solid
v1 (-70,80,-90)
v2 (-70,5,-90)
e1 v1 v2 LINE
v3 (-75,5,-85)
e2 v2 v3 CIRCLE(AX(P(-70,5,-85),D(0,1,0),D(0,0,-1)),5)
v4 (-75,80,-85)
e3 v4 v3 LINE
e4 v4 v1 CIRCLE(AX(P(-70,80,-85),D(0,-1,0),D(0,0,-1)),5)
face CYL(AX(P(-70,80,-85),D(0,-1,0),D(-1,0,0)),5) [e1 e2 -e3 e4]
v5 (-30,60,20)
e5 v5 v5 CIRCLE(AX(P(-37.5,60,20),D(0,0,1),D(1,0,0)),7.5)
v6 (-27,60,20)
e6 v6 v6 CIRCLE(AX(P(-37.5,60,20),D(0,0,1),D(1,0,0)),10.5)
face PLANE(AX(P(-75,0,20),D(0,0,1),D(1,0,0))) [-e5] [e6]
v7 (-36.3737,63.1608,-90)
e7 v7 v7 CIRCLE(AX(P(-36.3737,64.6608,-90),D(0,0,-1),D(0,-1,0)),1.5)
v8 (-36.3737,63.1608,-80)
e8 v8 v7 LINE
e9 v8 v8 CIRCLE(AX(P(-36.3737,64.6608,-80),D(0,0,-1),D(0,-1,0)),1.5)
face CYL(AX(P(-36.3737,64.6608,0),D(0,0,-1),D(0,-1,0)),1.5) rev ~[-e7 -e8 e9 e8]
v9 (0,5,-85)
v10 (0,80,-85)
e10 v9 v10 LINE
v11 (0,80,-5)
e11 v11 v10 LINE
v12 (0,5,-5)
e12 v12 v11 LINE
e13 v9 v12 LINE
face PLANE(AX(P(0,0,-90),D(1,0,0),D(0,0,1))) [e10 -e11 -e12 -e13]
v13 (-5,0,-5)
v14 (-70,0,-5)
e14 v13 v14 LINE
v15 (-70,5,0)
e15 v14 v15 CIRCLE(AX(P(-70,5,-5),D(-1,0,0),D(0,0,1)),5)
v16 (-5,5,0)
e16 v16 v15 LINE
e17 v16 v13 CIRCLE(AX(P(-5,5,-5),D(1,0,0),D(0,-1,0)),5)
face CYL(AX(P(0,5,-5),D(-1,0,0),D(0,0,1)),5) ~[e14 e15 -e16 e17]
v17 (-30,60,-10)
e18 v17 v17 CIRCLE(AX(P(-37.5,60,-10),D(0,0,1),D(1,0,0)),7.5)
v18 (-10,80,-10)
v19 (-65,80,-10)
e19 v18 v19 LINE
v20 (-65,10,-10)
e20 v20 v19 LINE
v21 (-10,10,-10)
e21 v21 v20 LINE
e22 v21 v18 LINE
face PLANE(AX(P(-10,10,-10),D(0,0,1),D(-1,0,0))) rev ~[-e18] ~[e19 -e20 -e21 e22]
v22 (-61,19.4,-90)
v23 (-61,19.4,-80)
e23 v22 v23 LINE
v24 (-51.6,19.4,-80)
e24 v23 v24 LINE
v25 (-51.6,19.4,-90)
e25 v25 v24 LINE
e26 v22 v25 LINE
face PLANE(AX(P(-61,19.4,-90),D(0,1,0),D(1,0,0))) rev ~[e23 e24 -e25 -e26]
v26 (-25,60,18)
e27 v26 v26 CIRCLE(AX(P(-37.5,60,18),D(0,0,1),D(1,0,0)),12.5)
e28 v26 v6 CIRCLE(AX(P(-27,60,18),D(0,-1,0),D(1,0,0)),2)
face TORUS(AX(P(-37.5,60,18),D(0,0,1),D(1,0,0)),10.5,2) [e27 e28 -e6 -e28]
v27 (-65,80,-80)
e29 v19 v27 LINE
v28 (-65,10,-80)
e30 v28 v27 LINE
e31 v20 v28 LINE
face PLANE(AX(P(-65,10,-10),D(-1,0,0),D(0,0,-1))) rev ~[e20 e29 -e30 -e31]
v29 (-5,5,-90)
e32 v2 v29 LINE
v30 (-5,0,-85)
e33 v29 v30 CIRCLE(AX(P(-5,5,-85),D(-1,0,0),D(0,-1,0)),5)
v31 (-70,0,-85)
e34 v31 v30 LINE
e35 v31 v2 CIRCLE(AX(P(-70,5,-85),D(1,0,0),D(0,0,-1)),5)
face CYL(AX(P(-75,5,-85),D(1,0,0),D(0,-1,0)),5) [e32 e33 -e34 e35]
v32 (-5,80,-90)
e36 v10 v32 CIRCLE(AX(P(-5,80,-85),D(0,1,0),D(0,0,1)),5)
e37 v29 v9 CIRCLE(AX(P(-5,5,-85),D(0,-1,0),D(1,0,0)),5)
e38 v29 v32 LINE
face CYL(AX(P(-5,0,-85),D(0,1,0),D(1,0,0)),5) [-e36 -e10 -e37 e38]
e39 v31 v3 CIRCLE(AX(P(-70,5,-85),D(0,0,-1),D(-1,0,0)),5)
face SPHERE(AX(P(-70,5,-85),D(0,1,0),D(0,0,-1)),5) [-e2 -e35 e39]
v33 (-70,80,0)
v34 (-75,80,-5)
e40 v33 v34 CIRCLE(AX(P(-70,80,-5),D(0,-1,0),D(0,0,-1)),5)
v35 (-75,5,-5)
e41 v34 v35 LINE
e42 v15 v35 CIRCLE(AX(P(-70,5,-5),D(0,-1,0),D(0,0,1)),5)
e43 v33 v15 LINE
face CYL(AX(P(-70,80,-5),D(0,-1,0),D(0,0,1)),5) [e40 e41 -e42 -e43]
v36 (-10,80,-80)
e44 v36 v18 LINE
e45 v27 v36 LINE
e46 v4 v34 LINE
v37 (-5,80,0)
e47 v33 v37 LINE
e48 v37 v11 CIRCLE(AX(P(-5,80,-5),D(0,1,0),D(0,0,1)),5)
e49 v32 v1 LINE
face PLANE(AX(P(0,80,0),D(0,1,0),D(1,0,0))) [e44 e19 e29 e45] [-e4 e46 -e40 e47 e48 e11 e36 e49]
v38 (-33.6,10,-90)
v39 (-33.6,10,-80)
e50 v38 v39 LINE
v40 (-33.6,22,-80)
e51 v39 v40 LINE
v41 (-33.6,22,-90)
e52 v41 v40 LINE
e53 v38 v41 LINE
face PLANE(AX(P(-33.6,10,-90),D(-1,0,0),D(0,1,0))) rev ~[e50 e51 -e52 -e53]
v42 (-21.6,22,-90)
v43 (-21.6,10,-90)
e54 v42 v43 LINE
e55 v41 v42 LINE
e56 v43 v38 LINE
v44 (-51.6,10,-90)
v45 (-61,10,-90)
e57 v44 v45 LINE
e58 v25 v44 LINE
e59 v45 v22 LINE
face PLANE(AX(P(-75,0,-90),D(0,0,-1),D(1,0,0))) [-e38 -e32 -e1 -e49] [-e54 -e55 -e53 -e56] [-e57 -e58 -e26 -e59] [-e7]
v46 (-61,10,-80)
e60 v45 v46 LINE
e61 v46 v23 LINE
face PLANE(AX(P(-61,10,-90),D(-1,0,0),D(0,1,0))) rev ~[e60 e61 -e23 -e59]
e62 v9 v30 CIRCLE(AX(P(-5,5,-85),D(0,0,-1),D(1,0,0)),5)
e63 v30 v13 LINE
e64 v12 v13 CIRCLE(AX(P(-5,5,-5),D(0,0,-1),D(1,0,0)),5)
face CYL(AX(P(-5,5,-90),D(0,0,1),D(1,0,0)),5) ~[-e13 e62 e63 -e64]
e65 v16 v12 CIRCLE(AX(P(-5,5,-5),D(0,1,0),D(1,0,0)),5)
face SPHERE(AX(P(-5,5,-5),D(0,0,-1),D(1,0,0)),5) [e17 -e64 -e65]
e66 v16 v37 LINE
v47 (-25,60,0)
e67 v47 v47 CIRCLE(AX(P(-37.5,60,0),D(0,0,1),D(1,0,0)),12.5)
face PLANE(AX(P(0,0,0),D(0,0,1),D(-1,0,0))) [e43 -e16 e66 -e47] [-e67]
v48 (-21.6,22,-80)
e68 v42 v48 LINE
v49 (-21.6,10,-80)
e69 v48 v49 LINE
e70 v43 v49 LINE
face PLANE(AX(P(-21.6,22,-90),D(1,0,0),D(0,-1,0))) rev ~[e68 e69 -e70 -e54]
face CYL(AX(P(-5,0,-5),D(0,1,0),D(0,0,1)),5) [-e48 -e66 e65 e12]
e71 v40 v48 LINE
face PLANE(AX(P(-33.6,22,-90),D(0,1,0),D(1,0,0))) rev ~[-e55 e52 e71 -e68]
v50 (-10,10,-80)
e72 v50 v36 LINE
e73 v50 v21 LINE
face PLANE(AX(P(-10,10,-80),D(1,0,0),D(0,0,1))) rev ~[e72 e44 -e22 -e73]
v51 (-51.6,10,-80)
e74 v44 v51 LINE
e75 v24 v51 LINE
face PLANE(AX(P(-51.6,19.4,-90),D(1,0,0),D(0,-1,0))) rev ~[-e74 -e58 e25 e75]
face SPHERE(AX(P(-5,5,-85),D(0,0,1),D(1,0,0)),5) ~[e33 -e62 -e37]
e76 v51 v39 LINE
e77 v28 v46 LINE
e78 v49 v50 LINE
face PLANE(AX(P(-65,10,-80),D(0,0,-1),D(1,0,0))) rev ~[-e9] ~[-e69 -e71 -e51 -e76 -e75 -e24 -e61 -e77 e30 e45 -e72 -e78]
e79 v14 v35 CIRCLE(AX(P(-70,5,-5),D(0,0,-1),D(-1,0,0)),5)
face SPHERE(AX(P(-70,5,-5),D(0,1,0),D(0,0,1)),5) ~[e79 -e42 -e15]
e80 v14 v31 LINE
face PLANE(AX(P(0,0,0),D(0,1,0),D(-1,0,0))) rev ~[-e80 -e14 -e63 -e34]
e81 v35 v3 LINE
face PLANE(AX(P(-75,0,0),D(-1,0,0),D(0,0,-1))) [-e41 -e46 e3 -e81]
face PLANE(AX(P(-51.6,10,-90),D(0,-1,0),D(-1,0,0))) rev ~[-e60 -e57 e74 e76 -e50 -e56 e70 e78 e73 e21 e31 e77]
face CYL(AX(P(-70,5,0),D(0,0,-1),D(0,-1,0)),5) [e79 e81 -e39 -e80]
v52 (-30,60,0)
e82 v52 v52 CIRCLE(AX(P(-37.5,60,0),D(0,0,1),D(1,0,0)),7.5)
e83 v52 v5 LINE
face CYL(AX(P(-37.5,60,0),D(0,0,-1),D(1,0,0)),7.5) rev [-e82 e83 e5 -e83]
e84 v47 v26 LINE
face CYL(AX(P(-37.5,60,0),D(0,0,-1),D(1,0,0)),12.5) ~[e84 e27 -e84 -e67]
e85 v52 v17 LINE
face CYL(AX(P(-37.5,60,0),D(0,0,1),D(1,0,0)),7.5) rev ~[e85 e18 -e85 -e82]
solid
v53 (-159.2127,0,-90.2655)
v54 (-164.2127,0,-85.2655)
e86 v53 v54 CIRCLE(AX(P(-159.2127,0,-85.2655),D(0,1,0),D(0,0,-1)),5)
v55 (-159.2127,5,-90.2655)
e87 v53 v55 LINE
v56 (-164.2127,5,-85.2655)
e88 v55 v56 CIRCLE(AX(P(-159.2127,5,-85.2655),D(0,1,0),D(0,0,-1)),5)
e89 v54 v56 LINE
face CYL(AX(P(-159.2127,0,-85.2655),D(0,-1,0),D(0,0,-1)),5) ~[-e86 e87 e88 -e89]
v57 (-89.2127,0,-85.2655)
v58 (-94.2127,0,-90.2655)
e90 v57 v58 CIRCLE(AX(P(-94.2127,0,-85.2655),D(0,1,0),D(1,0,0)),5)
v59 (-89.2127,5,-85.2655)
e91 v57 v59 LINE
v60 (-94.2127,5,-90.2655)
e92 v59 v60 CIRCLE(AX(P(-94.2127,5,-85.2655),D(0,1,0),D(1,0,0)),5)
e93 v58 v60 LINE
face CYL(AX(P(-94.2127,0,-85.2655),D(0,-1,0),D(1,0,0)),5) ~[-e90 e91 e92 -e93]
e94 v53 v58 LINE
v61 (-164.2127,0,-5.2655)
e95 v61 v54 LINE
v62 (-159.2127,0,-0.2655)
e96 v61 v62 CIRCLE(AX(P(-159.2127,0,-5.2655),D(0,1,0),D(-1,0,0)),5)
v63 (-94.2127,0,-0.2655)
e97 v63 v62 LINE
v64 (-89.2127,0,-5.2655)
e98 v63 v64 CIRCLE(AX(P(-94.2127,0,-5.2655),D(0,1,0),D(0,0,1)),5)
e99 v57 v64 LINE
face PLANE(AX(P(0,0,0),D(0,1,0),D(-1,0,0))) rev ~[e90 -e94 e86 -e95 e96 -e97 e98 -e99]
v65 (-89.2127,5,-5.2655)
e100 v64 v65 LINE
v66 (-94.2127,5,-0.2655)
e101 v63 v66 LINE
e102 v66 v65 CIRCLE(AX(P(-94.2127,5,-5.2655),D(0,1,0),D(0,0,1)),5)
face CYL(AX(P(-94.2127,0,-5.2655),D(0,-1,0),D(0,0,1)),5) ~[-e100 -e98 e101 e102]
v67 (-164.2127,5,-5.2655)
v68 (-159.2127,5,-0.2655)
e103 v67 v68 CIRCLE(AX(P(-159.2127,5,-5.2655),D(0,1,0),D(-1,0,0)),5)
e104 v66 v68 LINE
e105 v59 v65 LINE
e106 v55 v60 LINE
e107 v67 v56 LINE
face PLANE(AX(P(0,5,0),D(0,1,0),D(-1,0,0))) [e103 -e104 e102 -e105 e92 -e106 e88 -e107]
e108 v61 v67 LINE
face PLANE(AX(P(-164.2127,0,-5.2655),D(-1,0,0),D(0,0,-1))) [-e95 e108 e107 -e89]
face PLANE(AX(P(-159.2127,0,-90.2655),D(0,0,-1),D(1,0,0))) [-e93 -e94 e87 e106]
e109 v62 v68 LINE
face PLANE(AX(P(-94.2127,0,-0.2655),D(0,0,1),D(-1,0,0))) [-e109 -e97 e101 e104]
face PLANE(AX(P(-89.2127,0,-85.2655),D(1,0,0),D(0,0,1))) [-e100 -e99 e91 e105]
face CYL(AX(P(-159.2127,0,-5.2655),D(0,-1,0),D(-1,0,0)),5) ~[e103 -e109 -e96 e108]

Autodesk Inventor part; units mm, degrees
ref_plane "YZ Plane" through (0, 0, 0) normal (1, 0, 0) x (0, 1, 0)
ref_plane "XZ Plane" through (0, 0, 0) normal (0, 1, 0) x (-1, 0, 0)
ref_plane "XY Plane" through (0, 0, 0) normal (0, 0, 1) x (1, 0, 0)
sketch "Boceto1" plane through (0, 0, 0) normal (0, 1, 0) x (-1, 0, 0)
  line L0 (0, 0) -> (75, 0)
  line L1 (75, 0) -> (75, -90)
  line L2 (75, -90) -> (0, -90)
  line L3 (0, -90) -> (0, 0)
  dimension "d0" = 75
  dimension "d1" = 90
extrude "Extrusión1" add sketch "Boceto1" along normal blind 10
sketch "Boceto2" plane through (0, 10, 0) normal (0, 1, 0) x (1, 0, 0)
  line L0 (-10, 10) -> (-65, 10)
  line L1 (-65, 10) -> (-65, 80)
  line L2 (-65, 80) -> (-10, 80)
  line L3 (-10, 80) -> (-10, 10)
  line L4 (-75, 0) -> (0, 0) projected
  line L5 (0, 90) -> (-75, 90) projected
  line L6 (0, 0) -> (0, 90) projected
  line L7 (-75, 90) -> (-75, 0) projected
  line L8 (0, 0) -> (-75, 0)
  line L9 (-75, 0) -> (-75, 90)
  line L10 (-75, 90) -> (0, 90)
  line L11 (0, 90) -> (0, 0)
  dimension "d4" = 10
  dimension "d5" = 10
  dimension "d6" = 10
  dimension "d7" = 10
extrude "Extrusión2" add sketch "Boceto2" along normal blind 70
sketch "Boceto3" plane through (0, 0, -90) normal (0, 0, -1) x (-1, 0, 0)
  line L0 (0, 0) -> (0, 80) projected
  line L1 (0, 10) -> (80.4696, 10)
  line L2 (0, 0) -> (75, 0) projected
  line L3 (65, 10) -> (65, 80) projected
  line L4 (65, 80) -> (65, 10)
  line L5 (10, 10) -> (10, 80) projected
  line L6 (10, 80) -> (10, 10)
  line L7 (21.6, 10) -> (33.6, 10)
  line L8 (33.6, 10) -> (33.6, 22)
  line L9 (33.6, 22) -> (21.6, 22)
  line L10 (21.6, 22) -> (21.6, 10)
  line L11 (51.6, 10) -> (61, 10)
  line L12 (61, 10) -> (61, 19.4)
  line L13 (61, 19.4) -> (51.6, 19.4)
  line L14 (51.6, 19.4) -> (51.6, 10)
  dimension "d10" = 10
  dimension "d11" = 12
  dimension "d12" = 9.4
  dimension "d13" = 18
  dimension "d14" = 4
extrude "Extrusión3" cut sketch "Boceto3" against normal blind 70
sketch "Boceto4" plane through (-75, 0, 0) normal (0, 0, 1) x (1, 0, 0)
  point P0 (75, 0)
  point P1 (38.6263, 64.6608)
hole "Agujero1" at (-36.3737, 64.6608, 0) direction (0, 0, -1) diameter 3 end through all
sketch "Boceto5" plane through (-75, 0, 0) normal (0, 0, 1) x (1, 0, 0)
  circle A0 centre (37.5, 60) radius 7.5
  line L0 (0, 80) -> (75, 80) projected
  point P0 (75, 0)
  point P1 (37.5, 80)
  dimension "d24" = 20
  dimension "d25" = 15
extrude "Extrusión4" cut sketch "Boceto5" against normal blind 15
sketch "Boceto6" plane through (-75, 0, 0) normal (0, 0, 1) x (1, 0, 0)
  circle A0 centre (37.5, 60) radius 7.5 projected
  circle A1 centre (37.5, 60) radius 12.5
  circle A2 centre (37.5, 60) radius 7.5
  point P0 (75, 0)
  dimension "d28" = 5
extrude "Extrusión5" add sketch "Boceto6" along normal blind 20
fillet "Empalme1" radius 2 1 edges at (-50, 60, 20)
fillet "Empalme2" radius 5 8 edges at (0, 0, -45) (0, 40, 0) (-75, 40, 0) (-37.5, 0, 0) (0, 40, -90) (-75, 40, -90) (-37.5, 0, -90) (-75, 0, -45)
sketch "Boceto7" plane through (0, 0, 0) normal (0, 1, 0) x (-1, 0, 0)
  line L0 (94.2127, -0.2655) -> (159.2127, -0.2655)
  line L1 (164.2127, -5.2655) -> (164.2127, -85.2655)
  line L2 (159.2127, -90.2655) -> (94.2127, -90.2655)
  line L3 (89.2127, -85.2655) -> (89.2127, -5.2655)
  line L4 (0, -5) -> (0, -85) projected
  line L5 (75, -85) -> (75, -5) projected
  arc A0 (94.2127, -0.2655) -> (89.2127, -5.2655) centre (94.2127, -5.2655) ccw
  arc A1 (164.2127, -5.2655) -> (159.2127, -0.2655) centre (159.2127, -5.2655) ccw
  arc A2 (159.2127, -90.2655) -> (164.2127, -85.2655) centre (159.2127, -85.2655) ccw
  arc A3 (89.2127, -85.2655) -> (94.2127, -90.2655) centre (94.2127, -85.2655) ccw
  point P0 (0, 0)
  point P1 (89.2127, -45.2655)
  dimension "d33" = 75
  dimension "d34" = 75
  dimension "d35" = 90
  dimension "d36" = 5
extrude "Extrusión6" add sketch "Boceto7" along normal blind 5
properties part number "Alcoholimetro_3DPrint"
